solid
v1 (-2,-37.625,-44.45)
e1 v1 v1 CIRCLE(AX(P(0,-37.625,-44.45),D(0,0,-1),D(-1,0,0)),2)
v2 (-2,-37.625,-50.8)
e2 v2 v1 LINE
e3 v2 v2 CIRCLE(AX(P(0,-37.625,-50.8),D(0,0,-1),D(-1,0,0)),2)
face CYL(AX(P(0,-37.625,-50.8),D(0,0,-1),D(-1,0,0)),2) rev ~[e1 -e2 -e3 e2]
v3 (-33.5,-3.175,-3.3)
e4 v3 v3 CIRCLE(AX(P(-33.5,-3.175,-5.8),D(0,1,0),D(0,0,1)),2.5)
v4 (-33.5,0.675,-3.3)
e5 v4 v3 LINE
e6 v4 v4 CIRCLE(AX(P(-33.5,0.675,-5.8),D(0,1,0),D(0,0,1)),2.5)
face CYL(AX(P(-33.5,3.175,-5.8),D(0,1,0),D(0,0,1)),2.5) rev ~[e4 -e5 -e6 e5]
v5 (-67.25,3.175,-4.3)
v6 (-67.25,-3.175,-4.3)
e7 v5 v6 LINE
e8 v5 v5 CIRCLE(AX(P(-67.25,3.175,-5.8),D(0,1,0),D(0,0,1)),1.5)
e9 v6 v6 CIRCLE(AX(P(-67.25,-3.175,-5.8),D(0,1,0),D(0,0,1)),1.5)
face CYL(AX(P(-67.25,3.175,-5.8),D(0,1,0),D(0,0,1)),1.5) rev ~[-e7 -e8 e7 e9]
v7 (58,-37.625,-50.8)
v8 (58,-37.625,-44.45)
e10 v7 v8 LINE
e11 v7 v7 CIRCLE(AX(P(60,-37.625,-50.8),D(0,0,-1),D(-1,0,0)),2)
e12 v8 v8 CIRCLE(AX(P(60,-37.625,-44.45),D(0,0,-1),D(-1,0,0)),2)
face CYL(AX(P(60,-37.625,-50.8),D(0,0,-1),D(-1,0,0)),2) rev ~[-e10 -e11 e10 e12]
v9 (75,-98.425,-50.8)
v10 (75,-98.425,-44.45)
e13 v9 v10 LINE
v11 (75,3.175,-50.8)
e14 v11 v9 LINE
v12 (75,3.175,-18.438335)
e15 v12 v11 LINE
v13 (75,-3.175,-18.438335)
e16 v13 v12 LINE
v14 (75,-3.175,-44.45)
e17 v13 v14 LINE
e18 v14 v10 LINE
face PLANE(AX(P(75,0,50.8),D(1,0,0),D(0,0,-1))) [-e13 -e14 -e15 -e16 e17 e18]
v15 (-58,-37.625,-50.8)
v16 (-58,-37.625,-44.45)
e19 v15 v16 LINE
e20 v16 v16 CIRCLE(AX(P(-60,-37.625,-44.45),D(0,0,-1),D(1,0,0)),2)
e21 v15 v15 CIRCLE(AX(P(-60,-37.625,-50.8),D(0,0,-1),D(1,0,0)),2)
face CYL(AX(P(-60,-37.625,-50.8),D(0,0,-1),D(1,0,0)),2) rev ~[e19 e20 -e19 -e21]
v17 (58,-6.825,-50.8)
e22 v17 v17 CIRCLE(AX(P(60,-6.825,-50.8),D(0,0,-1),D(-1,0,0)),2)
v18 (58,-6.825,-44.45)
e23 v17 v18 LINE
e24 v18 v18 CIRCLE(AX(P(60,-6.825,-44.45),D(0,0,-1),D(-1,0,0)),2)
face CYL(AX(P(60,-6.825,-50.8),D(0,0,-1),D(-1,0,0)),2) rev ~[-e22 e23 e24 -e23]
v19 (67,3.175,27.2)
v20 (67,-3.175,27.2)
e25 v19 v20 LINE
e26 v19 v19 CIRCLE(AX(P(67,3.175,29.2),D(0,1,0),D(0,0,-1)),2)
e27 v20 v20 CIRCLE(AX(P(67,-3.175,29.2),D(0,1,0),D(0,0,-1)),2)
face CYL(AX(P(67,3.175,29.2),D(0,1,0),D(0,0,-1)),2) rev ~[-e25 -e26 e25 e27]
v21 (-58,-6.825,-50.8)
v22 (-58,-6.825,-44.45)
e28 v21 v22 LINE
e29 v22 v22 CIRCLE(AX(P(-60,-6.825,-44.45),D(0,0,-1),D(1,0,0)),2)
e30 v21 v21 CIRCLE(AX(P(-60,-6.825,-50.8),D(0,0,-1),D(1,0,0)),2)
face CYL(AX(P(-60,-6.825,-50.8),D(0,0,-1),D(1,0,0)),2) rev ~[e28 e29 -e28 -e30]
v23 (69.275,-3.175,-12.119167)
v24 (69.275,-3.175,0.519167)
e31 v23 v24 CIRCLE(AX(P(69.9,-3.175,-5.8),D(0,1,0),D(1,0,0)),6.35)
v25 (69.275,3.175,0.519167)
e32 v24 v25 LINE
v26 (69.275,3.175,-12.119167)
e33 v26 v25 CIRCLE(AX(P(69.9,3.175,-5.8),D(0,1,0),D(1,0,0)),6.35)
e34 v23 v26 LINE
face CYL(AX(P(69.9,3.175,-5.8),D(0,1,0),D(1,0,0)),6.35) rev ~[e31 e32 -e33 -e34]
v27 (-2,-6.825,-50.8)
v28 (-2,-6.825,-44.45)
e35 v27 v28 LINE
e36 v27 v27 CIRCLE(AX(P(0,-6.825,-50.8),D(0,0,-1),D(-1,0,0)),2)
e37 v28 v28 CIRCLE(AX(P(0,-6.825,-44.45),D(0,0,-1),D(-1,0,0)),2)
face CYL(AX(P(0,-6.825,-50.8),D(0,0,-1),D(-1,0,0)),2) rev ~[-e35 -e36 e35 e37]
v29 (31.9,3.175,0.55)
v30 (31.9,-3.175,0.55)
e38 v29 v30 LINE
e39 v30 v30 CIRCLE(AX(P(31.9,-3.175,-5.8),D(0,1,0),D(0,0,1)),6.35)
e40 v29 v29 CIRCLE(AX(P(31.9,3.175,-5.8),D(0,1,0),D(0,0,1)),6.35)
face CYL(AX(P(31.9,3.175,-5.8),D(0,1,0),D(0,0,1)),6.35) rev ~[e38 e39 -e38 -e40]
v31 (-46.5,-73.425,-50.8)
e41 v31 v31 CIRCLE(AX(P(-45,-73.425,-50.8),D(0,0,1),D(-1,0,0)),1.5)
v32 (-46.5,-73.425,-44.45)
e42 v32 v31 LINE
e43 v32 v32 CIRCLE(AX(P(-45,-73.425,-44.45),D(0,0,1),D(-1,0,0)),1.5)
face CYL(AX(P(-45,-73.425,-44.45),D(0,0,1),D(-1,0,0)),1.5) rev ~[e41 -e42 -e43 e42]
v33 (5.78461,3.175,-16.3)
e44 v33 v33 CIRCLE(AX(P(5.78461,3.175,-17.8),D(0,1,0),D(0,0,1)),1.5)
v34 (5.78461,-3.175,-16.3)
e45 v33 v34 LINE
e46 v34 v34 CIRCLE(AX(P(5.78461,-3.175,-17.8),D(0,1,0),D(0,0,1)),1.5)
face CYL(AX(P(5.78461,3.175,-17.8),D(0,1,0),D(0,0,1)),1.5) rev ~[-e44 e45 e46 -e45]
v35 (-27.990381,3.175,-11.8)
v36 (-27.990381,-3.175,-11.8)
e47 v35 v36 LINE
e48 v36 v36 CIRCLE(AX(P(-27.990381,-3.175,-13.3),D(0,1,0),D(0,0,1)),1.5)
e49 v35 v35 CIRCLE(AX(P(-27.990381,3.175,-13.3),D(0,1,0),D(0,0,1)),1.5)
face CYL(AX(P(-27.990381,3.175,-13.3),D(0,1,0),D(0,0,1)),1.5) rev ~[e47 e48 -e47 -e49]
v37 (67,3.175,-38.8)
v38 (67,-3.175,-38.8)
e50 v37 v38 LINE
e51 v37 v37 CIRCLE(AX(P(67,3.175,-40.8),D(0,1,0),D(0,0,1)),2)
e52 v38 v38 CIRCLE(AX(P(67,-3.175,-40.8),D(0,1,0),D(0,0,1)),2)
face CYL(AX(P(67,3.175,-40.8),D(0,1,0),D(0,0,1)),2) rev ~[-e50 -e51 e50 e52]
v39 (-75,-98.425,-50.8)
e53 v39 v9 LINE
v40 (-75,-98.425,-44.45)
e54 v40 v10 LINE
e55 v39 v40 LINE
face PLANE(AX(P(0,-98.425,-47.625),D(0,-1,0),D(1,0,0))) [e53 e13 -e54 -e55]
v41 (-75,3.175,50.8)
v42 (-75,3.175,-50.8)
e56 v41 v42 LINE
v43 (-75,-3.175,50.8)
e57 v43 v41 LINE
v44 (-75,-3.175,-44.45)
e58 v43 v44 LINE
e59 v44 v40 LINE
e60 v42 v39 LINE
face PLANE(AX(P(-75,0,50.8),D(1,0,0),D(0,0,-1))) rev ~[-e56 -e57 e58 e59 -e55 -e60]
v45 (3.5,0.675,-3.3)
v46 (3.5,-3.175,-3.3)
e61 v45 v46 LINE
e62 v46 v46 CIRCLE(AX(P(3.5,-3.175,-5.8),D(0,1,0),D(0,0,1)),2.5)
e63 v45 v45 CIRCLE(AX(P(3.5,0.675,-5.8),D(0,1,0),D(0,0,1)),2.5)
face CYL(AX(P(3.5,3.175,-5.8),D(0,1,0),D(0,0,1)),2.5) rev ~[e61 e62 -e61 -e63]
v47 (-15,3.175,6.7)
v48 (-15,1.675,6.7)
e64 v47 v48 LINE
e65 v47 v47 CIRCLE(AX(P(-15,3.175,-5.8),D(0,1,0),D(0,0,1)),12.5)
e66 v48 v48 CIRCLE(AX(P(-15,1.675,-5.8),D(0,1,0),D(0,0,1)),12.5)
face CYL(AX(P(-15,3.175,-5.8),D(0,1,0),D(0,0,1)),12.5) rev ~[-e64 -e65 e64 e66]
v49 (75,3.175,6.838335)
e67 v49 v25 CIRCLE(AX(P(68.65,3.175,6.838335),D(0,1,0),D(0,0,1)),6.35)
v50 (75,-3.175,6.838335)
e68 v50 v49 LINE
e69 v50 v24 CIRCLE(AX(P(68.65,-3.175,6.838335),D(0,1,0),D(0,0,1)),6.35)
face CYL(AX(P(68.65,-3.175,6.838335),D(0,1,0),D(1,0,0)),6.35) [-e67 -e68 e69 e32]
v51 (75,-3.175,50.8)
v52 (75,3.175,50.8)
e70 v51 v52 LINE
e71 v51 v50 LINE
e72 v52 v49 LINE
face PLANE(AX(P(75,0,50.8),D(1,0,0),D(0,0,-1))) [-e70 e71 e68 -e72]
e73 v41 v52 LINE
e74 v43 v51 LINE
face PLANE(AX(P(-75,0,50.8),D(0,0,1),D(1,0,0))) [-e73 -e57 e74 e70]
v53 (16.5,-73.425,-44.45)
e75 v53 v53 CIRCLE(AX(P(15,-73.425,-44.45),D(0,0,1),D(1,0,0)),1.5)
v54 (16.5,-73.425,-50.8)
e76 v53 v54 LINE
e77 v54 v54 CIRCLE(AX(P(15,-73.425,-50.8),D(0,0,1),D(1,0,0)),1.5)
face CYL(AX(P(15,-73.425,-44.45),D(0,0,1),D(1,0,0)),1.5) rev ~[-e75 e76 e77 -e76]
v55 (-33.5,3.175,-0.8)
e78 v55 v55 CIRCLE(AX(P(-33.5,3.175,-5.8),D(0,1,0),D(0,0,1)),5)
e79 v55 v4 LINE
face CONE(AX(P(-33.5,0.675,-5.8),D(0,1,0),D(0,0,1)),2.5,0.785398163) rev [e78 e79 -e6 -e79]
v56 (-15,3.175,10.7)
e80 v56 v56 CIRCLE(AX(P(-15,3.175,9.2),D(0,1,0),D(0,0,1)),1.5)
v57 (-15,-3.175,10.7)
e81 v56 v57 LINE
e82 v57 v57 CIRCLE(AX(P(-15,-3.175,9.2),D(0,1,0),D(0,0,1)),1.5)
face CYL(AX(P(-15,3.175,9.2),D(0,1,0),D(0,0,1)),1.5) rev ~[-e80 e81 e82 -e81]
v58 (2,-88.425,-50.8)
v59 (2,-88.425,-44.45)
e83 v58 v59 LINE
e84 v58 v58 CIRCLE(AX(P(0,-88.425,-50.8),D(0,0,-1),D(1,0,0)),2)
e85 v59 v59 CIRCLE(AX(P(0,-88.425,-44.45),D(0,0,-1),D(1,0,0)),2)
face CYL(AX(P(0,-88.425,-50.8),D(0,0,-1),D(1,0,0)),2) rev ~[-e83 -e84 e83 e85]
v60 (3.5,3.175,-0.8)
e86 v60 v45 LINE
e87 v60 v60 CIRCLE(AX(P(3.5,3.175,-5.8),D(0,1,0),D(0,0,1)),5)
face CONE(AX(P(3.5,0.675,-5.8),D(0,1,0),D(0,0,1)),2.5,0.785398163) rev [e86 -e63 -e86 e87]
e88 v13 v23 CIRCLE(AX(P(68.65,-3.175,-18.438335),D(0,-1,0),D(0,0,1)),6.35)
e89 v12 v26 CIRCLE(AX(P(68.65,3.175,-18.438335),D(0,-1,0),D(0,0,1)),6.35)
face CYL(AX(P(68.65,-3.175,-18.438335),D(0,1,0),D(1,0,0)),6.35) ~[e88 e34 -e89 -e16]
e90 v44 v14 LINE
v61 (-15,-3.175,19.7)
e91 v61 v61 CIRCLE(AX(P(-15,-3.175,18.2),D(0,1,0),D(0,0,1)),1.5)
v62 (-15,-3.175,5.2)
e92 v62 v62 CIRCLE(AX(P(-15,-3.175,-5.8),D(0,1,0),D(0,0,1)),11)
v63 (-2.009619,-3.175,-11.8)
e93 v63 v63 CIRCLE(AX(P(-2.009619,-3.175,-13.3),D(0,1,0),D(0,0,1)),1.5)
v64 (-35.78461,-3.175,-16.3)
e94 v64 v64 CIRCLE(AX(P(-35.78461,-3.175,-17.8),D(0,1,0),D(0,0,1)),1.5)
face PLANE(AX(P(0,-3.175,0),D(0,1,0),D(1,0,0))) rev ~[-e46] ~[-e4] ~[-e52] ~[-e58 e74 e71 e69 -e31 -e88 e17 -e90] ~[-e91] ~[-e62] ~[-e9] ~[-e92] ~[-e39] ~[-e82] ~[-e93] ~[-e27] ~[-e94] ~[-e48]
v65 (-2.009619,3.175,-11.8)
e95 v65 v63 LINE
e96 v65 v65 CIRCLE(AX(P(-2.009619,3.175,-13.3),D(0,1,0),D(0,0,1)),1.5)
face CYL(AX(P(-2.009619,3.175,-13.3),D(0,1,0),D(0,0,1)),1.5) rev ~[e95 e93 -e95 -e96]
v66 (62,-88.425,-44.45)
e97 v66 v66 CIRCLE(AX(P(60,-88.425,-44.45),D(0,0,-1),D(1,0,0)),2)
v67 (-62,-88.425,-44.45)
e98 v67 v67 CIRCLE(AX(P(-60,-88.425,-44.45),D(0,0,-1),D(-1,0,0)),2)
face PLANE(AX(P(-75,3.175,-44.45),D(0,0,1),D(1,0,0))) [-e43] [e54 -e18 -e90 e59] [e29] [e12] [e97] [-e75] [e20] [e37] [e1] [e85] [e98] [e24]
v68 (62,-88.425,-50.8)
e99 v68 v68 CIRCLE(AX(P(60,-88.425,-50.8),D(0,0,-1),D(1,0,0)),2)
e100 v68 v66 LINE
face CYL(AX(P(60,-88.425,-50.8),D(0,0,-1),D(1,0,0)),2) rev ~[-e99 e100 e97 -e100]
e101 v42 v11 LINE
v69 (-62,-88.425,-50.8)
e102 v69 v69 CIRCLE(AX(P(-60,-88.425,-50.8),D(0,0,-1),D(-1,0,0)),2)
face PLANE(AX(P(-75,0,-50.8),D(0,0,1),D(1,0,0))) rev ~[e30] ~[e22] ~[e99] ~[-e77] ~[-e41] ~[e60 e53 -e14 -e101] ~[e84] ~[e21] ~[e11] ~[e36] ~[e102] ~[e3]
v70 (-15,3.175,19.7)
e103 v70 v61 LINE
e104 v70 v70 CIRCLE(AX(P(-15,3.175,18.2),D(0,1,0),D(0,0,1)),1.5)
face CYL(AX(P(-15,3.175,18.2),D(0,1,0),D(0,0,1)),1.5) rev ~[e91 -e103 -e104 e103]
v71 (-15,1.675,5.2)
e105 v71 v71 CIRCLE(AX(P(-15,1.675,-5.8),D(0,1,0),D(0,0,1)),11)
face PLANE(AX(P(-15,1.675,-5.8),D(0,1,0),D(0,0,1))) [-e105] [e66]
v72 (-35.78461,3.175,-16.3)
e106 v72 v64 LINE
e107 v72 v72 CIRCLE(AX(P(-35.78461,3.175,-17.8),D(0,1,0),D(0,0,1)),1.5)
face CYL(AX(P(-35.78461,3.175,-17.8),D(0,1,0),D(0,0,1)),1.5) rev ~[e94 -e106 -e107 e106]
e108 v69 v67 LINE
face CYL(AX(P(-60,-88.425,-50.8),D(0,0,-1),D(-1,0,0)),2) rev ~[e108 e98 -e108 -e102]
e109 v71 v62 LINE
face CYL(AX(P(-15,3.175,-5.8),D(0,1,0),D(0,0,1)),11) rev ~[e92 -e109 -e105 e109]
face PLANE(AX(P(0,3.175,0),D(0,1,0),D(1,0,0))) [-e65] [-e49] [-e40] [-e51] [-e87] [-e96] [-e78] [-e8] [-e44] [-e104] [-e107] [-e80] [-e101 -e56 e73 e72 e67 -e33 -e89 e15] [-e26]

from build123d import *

# Parameters (mm, degrees)
CROQUIS1_W              = 150
CROQUIS1_H              = 101.6
SALIENTE_EXTRUIR1_DEPTH = 3.175
CROQUIS2_R              = 2
CROQUIS2_R_2            = 11
CROQUIS2_R_3            = 1.5
CROQUIS2_R_4            = 6.35
CORTAR_EXTRUIR1_DEPTH   = 91.807282197
REDONDEO1_R             = 6.35
CROQUIS3_R              = 1.5
CORTAR_EXTRUIR2_DEPTH   = 91.807282197
CORTAR_EXTRUIR3_START   = 3.175
CROQUIS4_R              = 12.5
CORTAR_EXTRUIR3_DEPTH   = 1.5
SALIENTE_EXTRUIR2_START = -6.35
CROQUIS5_W              = 150
CROQUIS5_H              = 6.35
SALIENTE_EXTRUIR2_DEPTH = 101.6
CROQUIS7_R              = 2
CORTAR_EXTRUIR5_DEPTH   = 161.109464508
CROQUIS9_R              = 2.5
CORTAR_EXTRUIR6_DEPTH   = 137.118330874
CHAFL_N1_SIZE           = 2.5
CROQUIS10_R             = 1.5
CORTAR_EXTRUIR7_DEPTH   = 157.157110389


with BuildPart() as part:
    # Croquis1 → Saliente-Extruir1 (new, symmetric)
    with BuildSketch(Plane(origin=(0, 0, 0), x_dir=(1, 0, 0), z_dir=(0, 1, 0))):
        Rectangle(CROQUIS1_W, CROQUIS1_H)
    extrude(amount=SALIENTE_EXTRUIR1_DEPTH, both=True)

    # Croquis2 → Cortar-Extruir1 (cut, through all)
    with BuildSketch(Plane(origin=(0, 3.175, 0), x_dir=(1, 0, 0), z_dir=(0, 1, 0))):
        with Locations(Location((67, 40.8, 0), (0, 0, 270))):
            Circle(CROQUIS2_R)
        with Locations(Location((67, -29.2, 0), (0, 0, 90))):
            Circle(CROQUIS2_R)
        with Locations(Location((-15, 5.8, 0), (0, 0, 270))):
            Circle(CROQUIS2_R_2)
        with Locations(Location((-67.25, 5.8, 0), (0, 0, 270))):
            Circle(CROQUIS2_R_3)
        with Locations(Location((31.9, 5.8, 0), (0, 0, 270))):
            Circle(CROQUIS2_R_4)
        with Locations((69.9, 5.8)):
            Circle(CROQUIS2_R_4)
    extrude(amount=-CORTAR_EXTRUIR1_DEPTH, mode=Mode.SUBTRACT)

    # Redondeo1
    redondeo1_edges = [part.edges().sort_by_distance(p)[0] for p in [
        (75, 0, -2.016813512),
        (75, 0, -9.583186488),
    ]]
    fillet(redondeo1_edges, radius=REDONDEO1_R)

    # Croquis3 → Cortar-Extruir2 (cut, through all)
    with BuildSketch(Plane(origin=(0, 3.175, 0), x_dir=(1, 0, 0), z_dir=(0, 1, 0))):
        with Locations(Location((-15, -9.2, 0), (0, 0, 270))):
            Circle(CROQUIS3_R)
        with Locations(Location((-15, -18.2, 0), (0, 0, 270))):
            Circle(CROQUIS3_R)
        with Locations(Location((-27.990381057, 13.3, 0), (0, 0, 270))):
            Circle(CROQUIS3_R)
        with Locations(Location((-35.784609691, 17.8, 0), (0, 0, 270))):
            Circle(CROQUIS3_R)
        with Locations(Location((-2.009618943, 13.3, 0), (0, 0, 270))):
            Circle(CROQUIS3_R)
        with Locations(Location((5.784609691, 17.8, 0), (0, 0, 270))):
            Circle(CROQUIS3_R)
    extrude(amount=-CORTAR_EXTRUIR2_DEPTH, mode=Mode.SUBTRACT)

    # Croquis4 → Cortar-Extruir3 (cut)
    with BuildSketch(Plane(origin=(0, 0, 0), x_dir=(1, 0, 0), z_dir=(0, 1, 0)).offset(CORTAR_EXTRUIR3_START)):
        with Locations(Location((-15, 5.8, 0), (0, 0, 270))):
            Circle(CROQUIS4_R)
    extrude(amount=-CORTAR_EXTRUIR3_DEPTH, mode=Mode.SUBTRACT)

    # Croquis5 → Saliente-Extruir2 (add)
    with BuildSketch(Plane.XZ.offset(3.175).offset(SALIENTE_EXTRUIR2_START)):
        with Locations((0, -47.625)):
            Rectangle(CROQUIS5_W, CROQUIS5_H)
    extrude(amount=SALIENTE_EXTRUIR2_DEPTH)

    # Croquis7 → Cortar-Extruir5 (cut, through all)
    with BuildSketch(Plane(origin=(0, 0, -50.8), x_dir=(-1, 0, 0), z_dir=(0, 0, -1))):
        with Locations((-60, -6.825)):
            Circle(CROQUIS7_R)
        with Locations((0, -6.825)):
            Circle(CROQUIS7_R)
        with Locations(Location((60, -6.825, 0), (0, 0, 180))):
            Circle(CROQUIS7_R)
        with Locations((60, -88.425)):
            Circle(CROQUIS7_R)
        with Locations(Location((0, -88.425, 0), (0, 0, 180))):
            Circle(CROQUIS7_R)
        with Locations(Location((-60, -88.425, 0), (0, 0, 180))):
            Circle(CROQUIS7_R)
        with Locations((-60, -37.625)):
            Circle(CROQUIS7_R)
        with Locations((0, -37.625)):
            Circle(CROQUIS7_R)
        with Locations(Location((60, -37.625, 0), (0, 0, 180))):
            Circle(CROQUIS7_R)
    extrude(amount=-CORTAR_EXTRUIR5_DEPTH, mode=Mode.SUBTRACT)

    # Croquis9 → Cortar-Extruir6 (cut, through all)
    with BuildSketch(Plane(origin=(0, 3.175, 0), x_dir=(1, 0, 0), z_dir=(0, 1, 0))):
        with Locations(Location((3.5, 5.8, 0), (0, 0, 270))):
            Circle(CROQUIS9_R)
        with Locations(Location((-33.5, 5.8, 0), (0, 0, 270))):
            Circle(CROQUIS9_R)
    extrude(amount=-CORTAR_EXTRUIR6_DEPTH, mode=Mode.SUBTRACT)

    # Chaflán1
    chafl_n1_edges = [part.edges().sort_by_distance(p)[0] for p in [
        (3.5, 3.175, -8.3),
        (-33.5, 3.175, -8.3),
    ]]
    chamfer(chafl_n1_edges, length=CHAFL_N1_SIZE)

    # Croquis10 → Cortar-Extruir7 (cut, through all)
    with BuildSketch(Plane.XY.offset(-44.45)):
        with Locations((15, -73.425)):
            Circle(CROQUIS10_R)
        with Locations(Location((-45, -73.425, 0), (0, 0, 180))):
            Circle(CROQUIS10_R)
    extrude(amount=-CORTAR_EXTRUIR7_DEPTH, mode=Mode.SUBTRACT)


solid = part.part
